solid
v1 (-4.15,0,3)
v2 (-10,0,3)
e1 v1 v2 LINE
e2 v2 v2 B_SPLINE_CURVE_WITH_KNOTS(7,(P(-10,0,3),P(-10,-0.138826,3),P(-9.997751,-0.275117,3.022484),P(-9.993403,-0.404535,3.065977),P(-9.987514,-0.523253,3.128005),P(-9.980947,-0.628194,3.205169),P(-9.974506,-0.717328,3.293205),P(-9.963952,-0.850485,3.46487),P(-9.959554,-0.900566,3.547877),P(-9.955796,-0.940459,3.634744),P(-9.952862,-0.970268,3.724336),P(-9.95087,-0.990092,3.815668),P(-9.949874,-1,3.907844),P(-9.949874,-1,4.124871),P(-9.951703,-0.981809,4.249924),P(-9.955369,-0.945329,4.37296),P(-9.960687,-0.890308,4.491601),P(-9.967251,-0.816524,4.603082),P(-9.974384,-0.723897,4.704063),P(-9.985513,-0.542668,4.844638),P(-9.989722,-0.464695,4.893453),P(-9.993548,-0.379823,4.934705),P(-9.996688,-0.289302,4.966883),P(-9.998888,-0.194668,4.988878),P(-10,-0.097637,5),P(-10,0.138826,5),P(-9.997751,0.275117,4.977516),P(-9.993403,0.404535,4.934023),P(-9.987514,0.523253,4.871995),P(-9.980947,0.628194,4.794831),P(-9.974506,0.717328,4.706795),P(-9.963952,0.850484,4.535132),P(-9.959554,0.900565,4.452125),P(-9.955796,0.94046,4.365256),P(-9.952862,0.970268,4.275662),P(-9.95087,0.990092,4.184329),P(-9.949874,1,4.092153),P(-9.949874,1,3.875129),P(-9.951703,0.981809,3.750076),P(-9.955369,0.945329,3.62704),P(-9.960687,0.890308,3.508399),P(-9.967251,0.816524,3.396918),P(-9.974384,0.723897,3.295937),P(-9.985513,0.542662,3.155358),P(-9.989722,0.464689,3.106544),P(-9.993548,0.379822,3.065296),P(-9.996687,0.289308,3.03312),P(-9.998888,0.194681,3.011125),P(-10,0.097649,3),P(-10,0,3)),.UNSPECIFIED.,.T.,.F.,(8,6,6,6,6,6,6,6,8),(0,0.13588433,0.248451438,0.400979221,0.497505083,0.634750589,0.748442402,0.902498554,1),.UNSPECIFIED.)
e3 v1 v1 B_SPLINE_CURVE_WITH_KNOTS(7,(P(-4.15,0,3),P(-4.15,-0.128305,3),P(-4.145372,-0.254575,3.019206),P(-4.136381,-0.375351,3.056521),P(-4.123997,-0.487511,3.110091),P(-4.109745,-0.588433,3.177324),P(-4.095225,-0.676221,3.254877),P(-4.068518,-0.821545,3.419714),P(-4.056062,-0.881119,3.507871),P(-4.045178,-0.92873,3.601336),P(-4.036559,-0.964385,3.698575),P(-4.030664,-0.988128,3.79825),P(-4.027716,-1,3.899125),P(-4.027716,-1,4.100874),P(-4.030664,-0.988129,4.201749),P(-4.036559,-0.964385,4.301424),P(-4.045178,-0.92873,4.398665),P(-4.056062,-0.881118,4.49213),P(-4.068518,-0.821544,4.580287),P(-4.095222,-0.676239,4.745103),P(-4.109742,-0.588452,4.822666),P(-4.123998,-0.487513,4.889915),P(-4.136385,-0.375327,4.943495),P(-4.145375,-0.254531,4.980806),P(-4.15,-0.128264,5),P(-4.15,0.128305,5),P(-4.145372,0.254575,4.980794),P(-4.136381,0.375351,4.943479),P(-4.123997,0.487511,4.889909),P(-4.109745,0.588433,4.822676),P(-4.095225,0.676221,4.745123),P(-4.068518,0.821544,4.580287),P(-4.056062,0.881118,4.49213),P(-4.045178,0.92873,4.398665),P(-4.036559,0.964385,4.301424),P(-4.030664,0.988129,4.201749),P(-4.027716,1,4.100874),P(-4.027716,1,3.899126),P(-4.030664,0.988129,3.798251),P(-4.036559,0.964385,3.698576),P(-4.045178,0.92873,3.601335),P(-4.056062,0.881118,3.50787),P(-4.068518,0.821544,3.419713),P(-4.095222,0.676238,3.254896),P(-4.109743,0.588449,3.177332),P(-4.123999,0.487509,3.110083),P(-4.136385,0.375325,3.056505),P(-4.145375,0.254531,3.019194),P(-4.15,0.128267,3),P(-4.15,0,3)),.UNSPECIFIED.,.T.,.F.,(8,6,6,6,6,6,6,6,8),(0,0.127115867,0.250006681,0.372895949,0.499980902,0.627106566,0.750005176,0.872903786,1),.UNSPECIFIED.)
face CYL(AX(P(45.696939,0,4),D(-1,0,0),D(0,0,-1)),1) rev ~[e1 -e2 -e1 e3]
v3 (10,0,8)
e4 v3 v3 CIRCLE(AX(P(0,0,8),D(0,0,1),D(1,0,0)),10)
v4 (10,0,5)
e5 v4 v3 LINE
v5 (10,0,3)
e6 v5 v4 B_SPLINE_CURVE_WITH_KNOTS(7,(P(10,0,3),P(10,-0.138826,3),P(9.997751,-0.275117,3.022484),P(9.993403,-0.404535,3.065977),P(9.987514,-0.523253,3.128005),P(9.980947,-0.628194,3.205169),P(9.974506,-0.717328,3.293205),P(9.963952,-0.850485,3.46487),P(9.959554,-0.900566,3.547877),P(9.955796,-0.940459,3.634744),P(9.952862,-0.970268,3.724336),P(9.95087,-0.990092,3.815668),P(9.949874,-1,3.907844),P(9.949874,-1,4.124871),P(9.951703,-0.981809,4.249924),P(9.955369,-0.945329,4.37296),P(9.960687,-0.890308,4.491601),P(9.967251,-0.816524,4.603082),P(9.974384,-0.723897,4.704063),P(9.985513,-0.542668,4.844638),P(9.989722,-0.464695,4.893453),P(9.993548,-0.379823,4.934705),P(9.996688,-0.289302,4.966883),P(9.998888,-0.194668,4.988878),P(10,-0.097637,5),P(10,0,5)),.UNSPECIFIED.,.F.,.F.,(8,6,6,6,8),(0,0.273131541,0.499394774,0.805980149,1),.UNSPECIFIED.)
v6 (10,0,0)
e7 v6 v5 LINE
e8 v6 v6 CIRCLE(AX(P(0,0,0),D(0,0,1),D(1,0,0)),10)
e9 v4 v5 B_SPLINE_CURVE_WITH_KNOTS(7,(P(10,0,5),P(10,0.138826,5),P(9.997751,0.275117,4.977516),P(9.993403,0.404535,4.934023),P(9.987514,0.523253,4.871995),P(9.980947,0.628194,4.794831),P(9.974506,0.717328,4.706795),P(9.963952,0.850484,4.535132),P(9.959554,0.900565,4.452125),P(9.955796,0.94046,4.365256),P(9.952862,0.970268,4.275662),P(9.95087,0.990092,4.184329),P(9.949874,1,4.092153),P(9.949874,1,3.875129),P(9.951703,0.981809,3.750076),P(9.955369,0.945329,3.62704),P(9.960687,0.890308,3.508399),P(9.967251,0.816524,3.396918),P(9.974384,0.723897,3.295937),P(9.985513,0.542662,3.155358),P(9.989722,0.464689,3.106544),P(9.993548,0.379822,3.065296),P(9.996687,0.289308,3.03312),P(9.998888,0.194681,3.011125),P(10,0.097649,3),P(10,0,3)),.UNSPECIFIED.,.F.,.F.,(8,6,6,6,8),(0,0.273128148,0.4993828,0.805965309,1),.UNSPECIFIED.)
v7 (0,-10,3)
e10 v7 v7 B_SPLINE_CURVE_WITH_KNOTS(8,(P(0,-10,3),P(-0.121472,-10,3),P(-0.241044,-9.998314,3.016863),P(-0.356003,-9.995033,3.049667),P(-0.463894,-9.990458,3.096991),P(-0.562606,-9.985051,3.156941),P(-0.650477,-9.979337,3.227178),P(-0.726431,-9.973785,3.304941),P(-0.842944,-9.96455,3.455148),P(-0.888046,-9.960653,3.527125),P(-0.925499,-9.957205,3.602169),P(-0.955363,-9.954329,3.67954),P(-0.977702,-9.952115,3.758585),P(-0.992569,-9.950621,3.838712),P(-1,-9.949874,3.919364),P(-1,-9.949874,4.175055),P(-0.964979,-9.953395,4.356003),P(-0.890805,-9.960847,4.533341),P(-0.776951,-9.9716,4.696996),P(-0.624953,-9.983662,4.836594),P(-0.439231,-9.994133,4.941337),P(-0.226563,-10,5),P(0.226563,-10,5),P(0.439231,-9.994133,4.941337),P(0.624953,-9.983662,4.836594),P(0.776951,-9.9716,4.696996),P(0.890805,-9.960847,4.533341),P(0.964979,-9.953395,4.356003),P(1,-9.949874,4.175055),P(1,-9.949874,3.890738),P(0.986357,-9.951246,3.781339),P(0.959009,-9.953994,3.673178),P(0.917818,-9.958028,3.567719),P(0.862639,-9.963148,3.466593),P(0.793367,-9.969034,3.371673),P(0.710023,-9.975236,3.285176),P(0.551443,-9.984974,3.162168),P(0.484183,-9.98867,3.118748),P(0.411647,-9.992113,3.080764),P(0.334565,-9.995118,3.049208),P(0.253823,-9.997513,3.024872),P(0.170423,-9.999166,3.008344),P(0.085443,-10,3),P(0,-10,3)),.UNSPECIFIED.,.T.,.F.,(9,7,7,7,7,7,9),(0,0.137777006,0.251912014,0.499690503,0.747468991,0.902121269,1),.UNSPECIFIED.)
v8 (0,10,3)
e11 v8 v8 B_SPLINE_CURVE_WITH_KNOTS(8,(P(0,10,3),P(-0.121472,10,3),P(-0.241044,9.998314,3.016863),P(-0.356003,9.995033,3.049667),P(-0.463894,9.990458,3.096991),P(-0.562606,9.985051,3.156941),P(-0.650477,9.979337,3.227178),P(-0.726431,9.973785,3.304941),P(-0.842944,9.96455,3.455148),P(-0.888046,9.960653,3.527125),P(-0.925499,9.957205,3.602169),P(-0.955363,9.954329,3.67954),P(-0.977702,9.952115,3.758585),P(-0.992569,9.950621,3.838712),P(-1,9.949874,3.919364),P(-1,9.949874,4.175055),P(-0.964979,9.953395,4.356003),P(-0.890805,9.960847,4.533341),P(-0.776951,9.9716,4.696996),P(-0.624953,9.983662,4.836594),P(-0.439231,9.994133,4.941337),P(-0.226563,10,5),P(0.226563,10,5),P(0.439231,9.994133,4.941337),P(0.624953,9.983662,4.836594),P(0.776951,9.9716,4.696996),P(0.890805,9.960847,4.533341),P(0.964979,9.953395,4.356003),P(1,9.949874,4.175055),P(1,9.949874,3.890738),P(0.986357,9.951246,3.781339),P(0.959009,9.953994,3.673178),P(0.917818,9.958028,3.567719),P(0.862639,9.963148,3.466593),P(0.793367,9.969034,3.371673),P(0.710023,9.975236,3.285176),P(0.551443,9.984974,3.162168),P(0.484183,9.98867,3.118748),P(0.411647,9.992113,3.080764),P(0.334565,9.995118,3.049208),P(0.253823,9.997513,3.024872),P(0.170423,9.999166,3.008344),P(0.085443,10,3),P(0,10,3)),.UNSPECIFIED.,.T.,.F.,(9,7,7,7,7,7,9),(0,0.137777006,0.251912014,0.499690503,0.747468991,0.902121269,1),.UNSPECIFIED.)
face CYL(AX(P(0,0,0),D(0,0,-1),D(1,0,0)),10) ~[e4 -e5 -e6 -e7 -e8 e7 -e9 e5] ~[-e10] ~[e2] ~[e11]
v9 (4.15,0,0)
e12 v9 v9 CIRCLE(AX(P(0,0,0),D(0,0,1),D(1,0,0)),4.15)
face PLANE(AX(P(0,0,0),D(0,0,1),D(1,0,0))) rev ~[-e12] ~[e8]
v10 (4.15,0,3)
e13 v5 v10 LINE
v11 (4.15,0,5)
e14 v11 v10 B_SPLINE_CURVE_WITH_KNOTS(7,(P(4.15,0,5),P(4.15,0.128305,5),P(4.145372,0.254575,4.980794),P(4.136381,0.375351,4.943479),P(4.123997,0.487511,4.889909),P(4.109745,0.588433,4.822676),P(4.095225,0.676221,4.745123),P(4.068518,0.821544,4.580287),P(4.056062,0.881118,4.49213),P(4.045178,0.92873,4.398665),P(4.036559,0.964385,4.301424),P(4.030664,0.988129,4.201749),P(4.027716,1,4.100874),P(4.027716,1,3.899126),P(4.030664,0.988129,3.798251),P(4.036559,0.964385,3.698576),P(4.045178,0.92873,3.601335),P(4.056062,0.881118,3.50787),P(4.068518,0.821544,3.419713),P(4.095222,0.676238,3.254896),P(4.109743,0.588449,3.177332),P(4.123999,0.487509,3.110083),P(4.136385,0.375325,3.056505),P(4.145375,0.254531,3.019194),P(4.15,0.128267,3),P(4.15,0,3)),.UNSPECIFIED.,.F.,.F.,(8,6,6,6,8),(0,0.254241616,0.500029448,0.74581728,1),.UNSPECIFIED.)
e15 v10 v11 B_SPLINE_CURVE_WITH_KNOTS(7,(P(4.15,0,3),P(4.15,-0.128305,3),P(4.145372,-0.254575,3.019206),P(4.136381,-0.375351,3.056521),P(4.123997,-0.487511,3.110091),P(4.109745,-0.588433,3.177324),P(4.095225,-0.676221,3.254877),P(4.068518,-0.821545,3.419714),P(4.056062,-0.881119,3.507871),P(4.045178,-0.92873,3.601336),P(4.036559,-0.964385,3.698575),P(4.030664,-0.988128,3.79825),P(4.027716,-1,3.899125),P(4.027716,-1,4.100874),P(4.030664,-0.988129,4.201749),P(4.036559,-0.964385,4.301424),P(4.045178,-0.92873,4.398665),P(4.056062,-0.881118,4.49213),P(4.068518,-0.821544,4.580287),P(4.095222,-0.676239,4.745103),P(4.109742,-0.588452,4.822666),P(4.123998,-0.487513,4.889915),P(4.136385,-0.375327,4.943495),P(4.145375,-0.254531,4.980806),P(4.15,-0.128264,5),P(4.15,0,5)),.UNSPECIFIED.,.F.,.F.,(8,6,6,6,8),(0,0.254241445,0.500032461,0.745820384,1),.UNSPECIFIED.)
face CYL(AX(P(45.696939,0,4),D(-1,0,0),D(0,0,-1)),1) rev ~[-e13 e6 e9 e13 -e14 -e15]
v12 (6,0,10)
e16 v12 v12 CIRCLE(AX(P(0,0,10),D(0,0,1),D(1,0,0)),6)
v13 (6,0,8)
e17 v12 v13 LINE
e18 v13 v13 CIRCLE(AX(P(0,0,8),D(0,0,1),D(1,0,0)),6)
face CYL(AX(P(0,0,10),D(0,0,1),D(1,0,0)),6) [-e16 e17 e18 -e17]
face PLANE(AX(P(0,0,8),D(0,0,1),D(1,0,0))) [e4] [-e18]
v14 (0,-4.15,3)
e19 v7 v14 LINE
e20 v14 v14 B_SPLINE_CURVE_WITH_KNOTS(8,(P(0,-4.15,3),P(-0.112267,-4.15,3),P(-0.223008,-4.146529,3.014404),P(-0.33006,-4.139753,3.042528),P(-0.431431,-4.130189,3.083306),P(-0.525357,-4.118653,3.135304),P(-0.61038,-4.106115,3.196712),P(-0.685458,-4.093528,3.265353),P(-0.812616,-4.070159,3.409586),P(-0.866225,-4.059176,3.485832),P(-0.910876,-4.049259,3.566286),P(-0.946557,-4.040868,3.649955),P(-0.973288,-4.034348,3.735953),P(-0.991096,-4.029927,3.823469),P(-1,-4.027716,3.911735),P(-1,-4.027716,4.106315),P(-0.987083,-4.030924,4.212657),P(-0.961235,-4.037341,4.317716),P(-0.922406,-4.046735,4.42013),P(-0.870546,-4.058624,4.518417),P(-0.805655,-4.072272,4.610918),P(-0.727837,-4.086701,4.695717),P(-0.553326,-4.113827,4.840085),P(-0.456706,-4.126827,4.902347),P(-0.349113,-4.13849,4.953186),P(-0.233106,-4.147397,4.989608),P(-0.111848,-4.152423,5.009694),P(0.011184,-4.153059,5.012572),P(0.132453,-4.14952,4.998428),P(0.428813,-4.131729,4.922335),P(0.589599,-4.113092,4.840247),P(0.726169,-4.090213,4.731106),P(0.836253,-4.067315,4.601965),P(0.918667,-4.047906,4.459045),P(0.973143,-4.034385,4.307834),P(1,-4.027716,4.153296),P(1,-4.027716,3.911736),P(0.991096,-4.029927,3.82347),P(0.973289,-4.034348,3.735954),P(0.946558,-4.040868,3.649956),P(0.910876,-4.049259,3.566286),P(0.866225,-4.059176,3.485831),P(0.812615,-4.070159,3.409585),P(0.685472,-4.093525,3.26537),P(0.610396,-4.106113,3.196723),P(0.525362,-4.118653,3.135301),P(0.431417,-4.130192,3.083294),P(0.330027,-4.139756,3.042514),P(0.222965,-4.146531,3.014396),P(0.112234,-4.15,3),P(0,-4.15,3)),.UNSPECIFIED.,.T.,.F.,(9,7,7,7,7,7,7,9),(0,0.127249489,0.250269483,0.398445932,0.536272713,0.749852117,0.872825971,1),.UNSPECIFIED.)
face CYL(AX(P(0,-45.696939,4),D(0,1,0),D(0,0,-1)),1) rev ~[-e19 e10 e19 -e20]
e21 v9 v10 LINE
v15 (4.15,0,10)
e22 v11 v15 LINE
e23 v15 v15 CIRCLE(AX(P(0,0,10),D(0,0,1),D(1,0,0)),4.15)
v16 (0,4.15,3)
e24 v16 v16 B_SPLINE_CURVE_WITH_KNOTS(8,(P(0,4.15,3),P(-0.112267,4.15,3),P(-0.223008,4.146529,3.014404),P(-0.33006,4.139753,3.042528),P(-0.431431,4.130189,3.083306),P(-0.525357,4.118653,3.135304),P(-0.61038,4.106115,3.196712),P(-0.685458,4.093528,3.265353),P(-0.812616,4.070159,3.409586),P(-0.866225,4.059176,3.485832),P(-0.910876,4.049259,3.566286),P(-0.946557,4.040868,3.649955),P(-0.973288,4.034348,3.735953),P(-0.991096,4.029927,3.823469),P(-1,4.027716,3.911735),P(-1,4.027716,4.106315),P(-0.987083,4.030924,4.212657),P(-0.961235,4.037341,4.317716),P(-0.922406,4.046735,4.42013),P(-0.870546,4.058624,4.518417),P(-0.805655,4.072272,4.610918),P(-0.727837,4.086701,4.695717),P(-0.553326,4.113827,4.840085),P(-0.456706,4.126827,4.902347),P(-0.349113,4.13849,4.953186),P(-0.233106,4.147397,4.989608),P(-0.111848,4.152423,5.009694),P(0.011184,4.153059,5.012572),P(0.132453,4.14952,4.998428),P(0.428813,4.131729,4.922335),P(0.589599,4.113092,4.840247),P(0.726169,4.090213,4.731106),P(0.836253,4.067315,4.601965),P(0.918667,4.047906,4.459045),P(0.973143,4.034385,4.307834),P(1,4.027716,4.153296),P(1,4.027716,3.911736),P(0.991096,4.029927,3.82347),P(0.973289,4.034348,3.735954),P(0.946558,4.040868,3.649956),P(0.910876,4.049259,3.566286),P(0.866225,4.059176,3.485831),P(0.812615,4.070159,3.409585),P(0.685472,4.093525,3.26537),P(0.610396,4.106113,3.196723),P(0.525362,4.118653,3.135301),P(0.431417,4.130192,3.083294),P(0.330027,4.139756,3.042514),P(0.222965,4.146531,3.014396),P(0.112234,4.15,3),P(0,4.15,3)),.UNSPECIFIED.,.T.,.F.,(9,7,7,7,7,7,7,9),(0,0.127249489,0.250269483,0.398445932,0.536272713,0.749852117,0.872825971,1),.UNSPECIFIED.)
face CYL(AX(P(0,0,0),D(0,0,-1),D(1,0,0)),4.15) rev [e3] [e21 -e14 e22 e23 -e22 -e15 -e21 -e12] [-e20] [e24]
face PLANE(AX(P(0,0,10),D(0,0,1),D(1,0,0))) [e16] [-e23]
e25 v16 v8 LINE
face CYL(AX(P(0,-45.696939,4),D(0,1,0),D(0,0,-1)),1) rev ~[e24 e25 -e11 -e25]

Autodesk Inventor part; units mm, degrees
ref_plane "YZ Plane" through (0, 0, 0) normal (1, 0, 0) x (0, 1, 0)
ref_plane "XZ Plane" through (0, 0, 0) normal (0, 1, 0) x (-1, 0, 0)
ref_plane "XY Plane" through (0, 0, 0) normal (0, 0, 1) x (1, 0, 0)
sketch "Sketch1" plane through (0, 0, 0) normal (0, 0, 1) x (1, 0, 0)
  circle A0 centre (0, 0) radius 4.15
  circle A1 centre (0, 0) radius 10
  dimension "d0" = 8.3
  dimension "d1" = 20
extrude "Extrusion1" add sketch "Sketch1" along normal blind 10
sketch "Sketch2" plane through (0, 0, 0) normal (1, 0, 0) x (0, 1, 0)
  line L0 (10, 0) -> (10, 10) projected
  line L1 (10, 0) -> (-10, 0) projected
  point P0 (0, 0)
  point P1 (0, 4)
  dimension "d22" = 4
hole "Hole1" at (0, 0, 4) direction (-1, 0, 0) diameter 2 end through all both
sketch "Sketch3" plane through (0, 0, 0) normal (0, 1, 0) x (-1, 0, 0)
  line L0 (10, 0) -> (-10, 0) projected
  point P0 (0, 0)
  point P1 (0, 4)
  dimension "d11" = 4
hole "Hole2" at (0, 0, 4) direction (0, 1, 0) diameter 2 end through all both
sketch "Sketch4" plane through (0, 0, 10) normal (0, 0, 1) x (1, 0, 0)
  circle A0 centre (0, 0) radius 10 projected
  circle A1 centre (0, 0) radius 4.15 projected
  circle A2 centre (0, 0) radius 6
  dimension "d21" = 12
extrude "Extrusion2" cut sketch "Sketch4" against normal blind 2 contours A0
properties part number "0008-30-008"
